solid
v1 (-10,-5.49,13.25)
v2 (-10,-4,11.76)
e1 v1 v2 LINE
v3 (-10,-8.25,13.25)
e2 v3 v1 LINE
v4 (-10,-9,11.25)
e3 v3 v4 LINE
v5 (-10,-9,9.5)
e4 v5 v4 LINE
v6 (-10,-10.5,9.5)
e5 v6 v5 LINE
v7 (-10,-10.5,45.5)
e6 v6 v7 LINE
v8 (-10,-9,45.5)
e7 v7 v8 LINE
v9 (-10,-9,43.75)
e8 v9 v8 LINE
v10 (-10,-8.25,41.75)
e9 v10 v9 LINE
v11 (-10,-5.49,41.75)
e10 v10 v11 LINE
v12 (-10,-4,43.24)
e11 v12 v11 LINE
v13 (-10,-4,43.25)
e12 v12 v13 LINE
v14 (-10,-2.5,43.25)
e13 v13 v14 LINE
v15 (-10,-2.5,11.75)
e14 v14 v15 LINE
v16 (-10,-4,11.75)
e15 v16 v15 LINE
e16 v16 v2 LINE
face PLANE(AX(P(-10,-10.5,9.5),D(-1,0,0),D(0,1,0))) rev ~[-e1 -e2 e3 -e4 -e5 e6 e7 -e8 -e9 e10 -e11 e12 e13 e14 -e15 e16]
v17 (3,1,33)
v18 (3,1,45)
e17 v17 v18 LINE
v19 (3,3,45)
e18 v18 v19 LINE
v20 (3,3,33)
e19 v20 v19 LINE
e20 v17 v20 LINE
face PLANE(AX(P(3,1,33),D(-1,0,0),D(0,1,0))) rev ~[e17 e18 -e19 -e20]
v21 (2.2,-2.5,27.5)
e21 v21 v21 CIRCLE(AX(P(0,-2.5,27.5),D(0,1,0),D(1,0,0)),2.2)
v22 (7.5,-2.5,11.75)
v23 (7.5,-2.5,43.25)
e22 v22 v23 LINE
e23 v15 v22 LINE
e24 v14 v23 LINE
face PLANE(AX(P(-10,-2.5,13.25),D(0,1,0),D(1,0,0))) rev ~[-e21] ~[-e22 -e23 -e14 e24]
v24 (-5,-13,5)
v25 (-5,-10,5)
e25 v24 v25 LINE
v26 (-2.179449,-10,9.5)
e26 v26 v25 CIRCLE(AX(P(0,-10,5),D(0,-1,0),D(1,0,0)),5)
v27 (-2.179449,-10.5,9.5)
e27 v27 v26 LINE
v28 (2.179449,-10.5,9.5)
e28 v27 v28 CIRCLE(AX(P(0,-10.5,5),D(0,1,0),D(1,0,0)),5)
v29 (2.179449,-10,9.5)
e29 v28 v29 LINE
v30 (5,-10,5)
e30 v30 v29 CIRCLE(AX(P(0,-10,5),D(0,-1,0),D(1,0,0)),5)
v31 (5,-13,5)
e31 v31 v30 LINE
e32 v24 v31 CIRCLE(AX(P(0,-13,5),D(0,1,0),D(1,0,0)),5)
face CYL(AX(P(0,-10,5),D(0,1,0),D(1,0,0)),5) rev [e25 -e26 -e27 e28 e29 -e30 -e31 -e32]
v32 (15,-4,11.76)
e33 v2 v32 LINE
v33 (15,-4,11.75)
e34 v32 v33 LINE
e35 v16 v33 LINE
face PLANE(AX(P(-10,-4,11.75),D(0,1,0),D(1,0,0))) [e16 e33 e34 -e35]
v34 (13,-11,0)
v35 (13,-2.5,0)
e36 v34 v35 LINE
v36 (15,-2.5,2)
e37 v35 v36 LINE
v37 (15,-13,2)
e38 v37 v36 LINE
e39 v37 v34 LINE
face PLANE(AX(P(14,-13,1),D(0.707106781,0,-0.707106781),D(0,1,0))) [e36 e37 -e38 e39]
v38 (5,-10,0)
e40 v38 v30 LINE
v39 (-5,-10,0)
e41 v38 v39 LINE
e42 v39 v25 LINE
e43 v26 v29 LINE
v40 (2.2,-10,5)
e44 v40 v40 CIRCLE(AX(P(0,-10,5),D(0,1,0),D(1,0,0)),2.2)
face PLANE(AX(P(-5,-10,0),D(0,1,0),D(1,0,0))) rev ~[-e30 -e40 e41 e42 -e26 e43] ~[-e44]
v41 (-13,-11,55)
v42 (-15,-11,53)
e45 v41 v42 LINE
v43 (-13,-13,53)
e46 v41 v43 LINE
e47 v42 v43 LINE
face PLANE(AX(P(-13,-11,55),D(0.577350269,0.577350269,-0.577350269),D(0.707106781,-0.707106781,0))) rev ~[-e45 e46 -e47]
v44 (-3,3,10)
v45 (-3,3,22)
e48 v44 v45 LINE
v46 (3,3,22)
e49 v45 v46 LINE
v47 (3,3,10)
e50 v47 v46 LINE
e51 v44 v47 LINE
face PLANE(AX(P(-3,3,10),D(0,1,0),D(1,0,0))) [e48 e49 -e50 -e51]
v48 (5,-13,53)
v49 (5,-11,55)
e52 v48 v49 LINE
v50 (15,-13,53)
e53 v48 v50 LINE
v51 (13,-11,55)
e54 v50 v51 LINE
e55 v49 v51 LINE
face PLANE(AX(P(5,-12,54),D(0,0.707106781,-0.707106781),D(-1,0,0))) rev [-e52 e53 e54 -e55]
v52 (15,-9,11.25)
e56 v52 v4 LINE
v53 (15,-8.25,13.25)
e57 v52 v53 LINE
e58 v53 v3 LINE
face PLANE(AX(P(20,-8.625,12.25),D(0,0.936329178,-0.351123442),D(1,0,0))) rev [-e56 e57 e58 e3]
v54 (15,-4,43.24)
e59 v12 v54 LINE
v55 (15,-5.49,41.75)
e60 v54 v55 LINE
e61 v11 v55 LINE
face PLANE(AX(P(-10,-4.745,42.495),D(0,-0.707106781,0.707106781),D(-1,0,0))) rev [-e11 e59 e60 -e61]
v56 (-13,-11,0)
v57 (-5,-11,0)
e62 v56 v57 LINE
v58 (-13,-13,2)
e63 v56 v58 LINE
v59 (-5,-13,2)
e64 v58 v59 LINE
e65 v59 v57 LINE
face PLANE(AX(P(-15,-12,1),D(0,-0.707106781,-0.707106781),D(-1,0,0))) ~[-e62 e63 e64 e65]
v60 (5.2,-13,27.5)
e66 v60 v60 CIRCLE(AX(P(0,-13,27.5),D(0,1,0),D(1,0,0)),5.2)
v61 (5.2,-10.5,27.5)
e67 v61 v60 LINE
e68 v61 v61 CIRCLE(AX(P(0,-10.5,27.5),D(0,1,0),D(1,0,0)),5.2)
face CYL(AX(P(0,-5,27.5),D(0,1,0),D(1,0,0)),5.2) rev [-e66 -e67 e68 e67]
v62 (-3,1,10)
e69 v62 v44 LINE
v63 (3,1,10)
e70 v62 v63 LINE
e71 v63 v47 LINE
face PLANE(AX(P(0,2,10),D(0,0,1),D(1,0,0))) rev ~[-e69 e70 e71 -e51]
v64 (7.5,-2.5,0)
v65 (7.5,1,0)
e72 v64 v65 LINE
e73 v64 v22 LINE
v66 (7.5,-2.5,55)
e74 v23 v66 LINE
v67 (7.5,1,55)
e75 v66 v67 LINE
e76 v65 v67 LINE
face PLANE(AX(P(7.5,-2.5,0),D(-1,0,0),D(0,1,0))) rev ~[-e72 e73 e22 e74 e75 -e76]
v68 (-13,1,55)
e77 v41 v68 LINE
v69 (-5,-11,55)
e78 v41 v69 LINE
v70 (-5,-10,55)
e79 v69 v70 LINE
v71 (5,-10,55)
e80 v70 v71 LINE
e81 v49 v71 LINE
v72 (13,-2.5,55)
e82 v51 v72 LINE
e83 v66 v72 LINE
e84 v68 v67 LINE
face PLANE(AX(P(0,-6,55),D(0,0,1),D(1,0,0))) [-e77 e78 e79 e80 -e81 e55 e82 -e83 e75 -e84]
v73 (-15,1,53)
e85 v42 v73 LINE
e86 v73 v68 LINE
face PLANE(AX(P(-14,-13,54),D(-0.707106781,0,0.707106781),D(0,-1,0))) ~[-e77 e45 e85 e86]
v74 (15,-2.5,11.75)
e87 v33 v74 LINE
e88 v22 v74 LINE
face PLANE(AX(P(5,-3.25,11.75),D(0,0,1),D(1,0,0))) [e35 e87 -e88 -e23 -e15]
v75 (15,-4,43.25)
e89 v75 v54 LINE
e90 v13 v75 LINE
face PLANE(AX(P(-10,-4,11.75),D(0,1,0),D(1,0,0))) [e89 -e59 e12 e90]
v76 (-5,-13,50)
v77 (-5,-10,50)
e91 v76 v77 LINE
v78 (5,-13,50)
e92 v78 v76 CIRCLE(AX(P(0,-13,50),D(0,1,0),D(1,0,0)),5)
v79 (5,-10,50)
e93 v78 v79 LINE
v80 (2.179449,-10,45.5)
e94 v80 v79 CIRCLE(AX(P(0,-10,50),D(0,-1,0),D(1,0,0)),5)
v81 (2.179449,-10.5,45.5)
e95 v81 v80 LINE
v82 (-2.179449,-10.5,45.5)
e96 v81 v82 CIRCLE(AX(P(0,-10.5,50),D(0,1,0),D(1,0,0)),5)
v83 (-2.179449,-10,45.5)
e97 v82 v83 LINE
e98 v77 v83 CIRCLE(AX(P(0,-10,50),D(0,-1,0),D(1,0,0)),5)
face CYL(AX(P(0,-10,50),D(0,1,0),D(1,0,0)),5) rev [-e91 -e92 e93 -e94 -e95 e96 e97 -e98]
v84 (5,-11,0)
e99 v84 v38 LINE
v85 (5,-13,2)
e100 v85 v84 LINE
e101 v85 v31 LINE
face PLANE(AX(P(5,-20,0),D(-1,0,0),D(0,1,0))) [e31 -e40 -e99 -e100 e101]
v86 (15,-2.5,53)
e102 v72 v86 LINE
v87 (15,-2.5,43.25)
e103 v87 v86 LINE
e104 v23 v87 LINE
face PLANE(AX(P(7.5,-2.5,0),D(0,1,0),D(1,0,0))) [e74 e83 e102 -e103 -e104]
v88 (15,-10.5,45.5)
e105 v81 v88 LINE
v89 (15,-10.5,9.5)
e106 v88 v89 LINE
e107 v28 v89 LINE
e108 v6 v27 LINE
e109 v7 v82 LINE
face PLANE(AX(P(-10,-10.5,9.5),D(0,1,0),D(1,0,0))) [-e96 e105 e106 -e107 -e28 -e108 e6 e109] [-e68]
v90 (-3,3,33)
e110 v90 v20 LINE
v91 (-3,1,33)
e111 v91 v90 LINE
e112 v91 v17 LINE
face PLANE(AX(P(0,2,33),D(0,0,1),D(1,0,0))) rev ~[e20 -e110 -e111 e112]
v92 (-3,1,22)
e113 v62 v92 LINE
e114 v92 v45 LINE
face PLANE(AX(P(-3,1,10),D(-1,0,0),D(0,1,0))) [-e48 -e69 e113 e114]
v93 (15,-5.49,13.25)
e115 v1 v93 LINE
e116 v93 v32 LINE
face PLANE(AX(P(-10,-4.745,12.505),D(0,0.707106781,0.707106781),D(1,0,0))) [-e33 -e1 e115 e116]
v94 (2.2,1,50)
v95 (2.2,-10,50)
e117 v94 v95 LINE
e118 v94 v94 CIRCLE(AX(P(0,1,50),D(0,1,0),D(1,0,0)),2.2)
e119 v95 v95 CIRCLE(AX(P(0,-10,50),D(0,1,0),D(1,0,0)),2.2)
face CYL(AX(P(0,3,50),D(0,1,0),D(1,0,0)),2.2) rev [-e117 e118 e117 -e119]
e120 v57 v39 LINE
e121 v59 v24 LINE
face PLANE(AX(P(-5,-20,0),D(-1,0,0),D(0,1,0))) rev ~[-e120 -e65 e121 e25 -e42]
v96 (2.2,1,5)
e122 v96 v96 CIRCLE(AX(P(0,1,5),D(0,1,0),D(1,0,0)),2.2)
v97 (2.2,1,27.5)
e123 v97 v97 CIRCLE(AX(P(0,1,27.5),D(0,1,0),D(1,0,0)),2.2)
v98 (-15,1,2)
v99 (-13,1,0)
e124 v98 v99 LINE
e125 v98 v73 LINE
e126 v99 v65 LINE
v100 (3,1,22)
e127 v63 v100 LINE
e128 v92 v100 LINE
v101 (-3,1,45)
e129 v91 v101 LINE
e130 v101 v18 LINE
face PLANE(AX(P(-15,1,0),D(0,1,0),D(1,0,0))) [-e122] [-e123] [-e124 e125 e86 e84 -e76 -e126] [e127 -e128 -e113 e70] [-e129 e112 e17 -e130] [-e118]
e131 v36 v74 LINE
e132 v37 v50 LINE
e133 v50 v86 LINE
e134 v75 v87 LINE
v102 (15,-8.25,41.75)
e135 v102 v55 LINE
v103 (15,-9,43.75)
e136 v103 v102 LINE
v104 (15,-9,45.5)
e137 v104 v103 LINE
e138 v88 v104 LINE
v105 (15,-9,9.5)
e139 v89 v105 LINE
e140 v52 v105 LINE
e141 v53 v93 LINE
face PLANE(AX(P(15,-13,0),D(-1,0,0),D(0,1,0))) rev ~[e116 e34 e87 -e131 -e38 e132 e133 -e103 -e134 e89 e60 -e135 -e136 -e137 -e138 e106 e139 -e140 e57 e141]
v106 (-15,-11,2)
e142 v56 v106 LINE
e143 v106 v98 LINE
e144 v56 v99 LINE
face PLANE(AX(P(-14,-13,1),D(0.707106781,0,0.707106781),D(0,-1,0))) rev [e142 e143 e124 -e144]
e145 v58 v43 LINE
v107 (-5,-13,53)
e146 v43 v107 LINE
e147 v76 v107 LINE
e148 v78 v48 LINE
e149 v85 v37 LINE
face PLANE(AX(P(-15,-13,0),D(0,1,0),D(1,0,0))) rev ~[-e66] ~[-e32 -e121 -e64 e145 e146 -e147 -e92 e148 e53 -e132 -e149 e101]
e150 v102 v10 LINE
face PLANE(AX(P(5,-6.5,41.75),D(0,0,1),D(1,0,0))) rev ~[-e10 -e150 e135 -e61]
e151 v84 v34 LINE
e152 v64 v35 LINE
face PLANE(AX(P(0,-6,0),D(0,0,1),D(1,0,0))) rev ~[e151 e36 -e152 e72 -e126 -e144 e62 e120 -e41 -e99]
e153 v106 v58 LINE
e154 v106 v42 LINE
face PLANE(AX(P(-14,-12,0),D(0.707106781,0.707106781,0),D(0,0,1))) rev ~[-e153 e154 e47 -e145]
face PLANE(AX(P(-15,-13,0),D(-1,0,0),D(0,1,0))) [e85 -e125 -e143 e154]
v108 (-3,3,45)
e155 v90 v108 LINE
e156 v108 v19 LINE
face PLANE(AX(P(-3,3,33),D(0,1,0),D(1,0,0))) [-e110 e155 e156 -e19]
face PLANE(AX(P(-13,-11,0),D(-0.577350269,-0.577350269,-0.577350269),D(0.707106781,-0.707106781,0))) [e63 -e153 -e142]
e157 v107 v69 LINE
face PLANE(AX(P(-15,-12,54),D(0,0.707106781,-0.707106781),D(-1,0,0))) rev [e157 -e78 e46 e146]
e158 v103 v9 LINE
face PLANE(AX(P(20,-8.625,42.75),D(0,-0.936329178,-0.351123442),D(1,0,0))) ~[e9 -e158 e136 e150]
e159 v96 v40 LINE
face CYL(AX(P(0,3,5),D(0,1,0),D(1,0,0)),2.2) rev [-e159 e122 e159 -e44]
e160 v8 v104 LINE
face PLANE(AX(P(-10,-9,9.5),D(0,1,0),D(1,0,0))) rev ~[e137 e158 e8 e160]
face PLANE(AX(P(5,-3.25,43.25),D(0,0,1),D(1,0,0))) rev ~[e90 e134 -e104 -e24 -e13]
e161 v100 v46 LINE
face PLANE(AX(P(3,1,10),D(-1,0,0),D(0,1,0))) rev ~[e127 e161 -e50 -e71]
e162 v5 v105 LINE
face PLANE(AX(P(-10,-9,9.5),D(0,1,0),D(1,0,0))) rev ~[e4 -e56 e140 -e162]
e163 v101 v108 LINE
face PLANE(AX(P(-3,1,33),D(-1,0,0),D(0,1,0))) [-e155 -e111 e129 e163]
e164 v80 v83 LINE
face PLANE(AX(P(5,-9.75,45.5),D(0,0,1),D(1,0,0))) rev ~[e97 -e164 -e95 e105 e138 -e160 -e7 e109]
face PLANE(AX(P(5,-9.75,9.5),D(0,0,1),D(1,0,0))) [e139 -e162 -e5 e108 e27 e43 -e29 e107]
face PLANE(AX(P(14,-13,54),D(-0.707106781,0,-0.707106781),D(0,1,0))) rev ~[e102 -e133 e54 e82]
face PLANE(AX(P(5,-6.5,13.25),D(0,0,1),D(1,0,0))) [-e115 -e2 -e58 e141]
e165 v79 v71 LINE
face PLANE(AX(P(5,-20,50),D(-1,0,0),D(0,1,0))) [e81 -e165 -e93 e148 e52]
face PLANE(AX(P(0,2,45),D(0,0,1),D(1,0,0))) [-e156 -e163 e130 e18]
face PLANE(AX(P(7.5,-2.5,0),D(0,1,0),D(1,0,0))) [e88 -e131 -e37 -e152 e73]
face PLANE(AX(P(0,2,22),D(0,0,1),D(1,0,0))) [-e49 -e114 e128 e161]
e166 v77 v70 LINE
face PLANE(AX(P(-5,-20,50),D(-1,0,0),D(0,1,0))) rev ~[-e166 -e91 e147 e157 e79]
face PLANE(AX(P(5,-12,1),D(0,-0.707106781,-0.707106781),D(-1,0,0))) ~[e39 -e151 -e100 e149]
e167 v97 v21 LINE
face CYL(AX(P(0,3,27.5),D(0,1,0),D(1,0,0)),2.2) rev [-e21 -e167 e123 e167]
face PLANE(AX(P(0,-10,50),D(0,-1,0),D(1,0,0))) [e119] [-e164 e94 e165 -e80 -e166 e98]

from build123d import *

# Parameters (mm, degrees)
BOX032_W              = 7.5
BOX032_H              = 3.5
BOX032_DEPTH          = 55
BOX028_W              = 30
BOX028_H              = 8
BOX028_DEPTH          = 28.5
BOX027_W              = 30
BOX027_H              = 1.5
BOX027_DEPTH          = 36
BOX033_W              = 30
BOX033_H              = 1.5
BOX033_DEPTH          = 31.5
CHAMFER022007_SIZE    = 1.49
CHAMFER022008_1_SIZE2 = 2
CHAMFER022008_1_SIZE  = 0.75
CHAMFER022008_2_SIZE2 = 2
CHAMFER022008_2_SIZE  = 0.75
BOX030_W              = 10
BOX030_H              = 10
BOX030_DEPTH          = 5
CYLINDER010_R         = 5
CYLINDER010_DEPTH     = 20
CYLINDER011_R         = 5
CYLINDER011_DEPTH     = 20
BOX031_W              = 10
BOX031_H              = 10
BOX031_DEPTH          = 5
CYLINDER014_R         = 2.2
CYLINDER014_DEPTH     = 20
CYLINDER013_R         = 2.2
CYLINDER013_DEPTH     = 20
CYLINDER012_R         = 2.2
CYLINDER012_DEPTH     = 21
CYLINDER009_R         = 5.2
CYLINDER009_DEPTH     = 21
BOX025_W              = 6
BOX025_H              = 2
BOX025_DEPTH          = 12
BOX029_W              = 6
BOX029_H              = 2
BOX029_DEPTH          = 12
BOX026_W              = 30
BOX026_H              = 14
BOX026_DEPTH          = 55
CHAMFER022009_SIZE    = 2


with BuildPart() as cube032:
    # Box032 → Box032 (new body)
    with BuildSketch(Plane(origin=(7.5, -2.5, 0), x_dir=(1, 0, 0), z_dir=(0, 0, 1))):
        with Locations((3.75, 1.75)):
            Rectangle(BOX032_W, BOX032_H)
    extrude(amount=BOX032_DEPTH)


with BuildPart() as cube028:
    # Box028 → Box028 (new body)
    with BuildSketch(Plane(origin=(-15, -10, 3.5), x_dir=(1, 0, 0), z_dir=(0, 0, 1))):
        with Locations((15, 4)):
            Rectangle(BOX028_W, BOX028_H)
    extrude(amount=BOX028_DEPTH)


with BuildPart() as cube027:
    # Box027 → Box027 (new body)
    with BuildSketch(Plane(origin=(-15, -10, -0.25), x_dir=(1, 0, 0), z_dir=(0, 0, 1))):
        with Locations((15, 0.75)):
            Rectangle(BOX027_W, BOX027_H)
    extrude(amount=BOX027_DEPTH)


with BuildPart() as chamfer022008:
    # Box033 → Box033 (new body)
    with BuildSketch(Plane(origin=(-15, -3.5, 2), x_dir=(1, 0, 0), z_dir=(0, 0, 1))):
        with Locations((15, 0.75)):
            Rectangle(BOX033_W, BOX033_H)
    extrude(amount=BOX033_DEPTH)

    # Fusion023: union Cube028, Cube027
    add(cube028.part)
    add(cube027.part)

    # Chamfer022007
    chamfer022007_edges = [chamfer022008.edges().sort_by_distance(p)[0] for p in [
        (0, -3.5, 3.5),
        (0, -3.5, 32),
    ]]
    chamfer(chamfer022007_edges, length=CHAMFER022007_SIZE)

    # Chamfer022008 1
    chamfer022008_1_edges = [chamfer022008.edges().sort_by_distance(p)[0] for p in [
        (0, -8.5, 3.5),
    ]]
    chamfer022008_1_side = chamfer022008.faces().sort_by_distance((0, -6.745, 3.5))[0]
    chamfer(chamfer022008_1_edges, length=CHAMFER022008_1_SIZE, length2=CHAMFER022008_1_SIZE2, reference=chamfer022008_1_side)

    # Chamfer022008 2
    chamfer022008_2_edges = [chamfer022008.edges().sort_by_distance(p)[0] for p in [
        (0, -8.5, 32),
    ]]
    chamfer022008_2_side = chamfer022008.faces().sort_by_distance((0, -6.745, 32))[0]
    chamfer(chamfer022008_2_edges, length=CHAMFER022008_2_SIZE, length2=CHAMFER022008_2_SIZE2, reference=chamfer022008_2_side)


with BuildPart() as chamfer022008_1:
    # Chamfer022008 placement: moved
    add(chamfer022008.part.moved(Location((5, -0.5, 9.75))))


with BuildPart() as cube030:
    # Box030 → Box030 (new body)
    with BuildSketch(Plane(origin=(-5, -20, 0), x_dir=(1, 0, 0), z_dir=(0, 0, 1))):
        with Locations((5, 5)):
            Rectangle(BOX030_W, BOX030_H)
    extrude(amount=BOX030_DEPTH)


with BuildPart() as cylinder010:
    # Cylinder010 → Cylinder010 (new body)
    with BuildSketch(Plane(origin=(0, 3, 5), x_dir=(1, 0, 0), z_dir=(0, -1, 0))):
        Circle(CYLINDER010_R)
    extrude(amount=CYLINDER010_DEPTH)


with BuildPart() as fusion016:
    # Cylinder011 → Cylinder011 (new body)
    with BuildSketch(Plane(origin=(0, 3, 50), x_dir=(1, 0, 0), z_dir=(0, -1, 0))):
        Circle(CYLINDER011_R)
    extrude(amount=CYLINDER011_DEPTH)

    # Fusion016: union Cylinder010
    add(cylinder010.part)


with BuildPart() as fusion016_1:
    # Fusion016 placement: moved
    add(fusion016.part.moved(Location((0, -13, 0))))


with BuildPart() as fusion017:
    # Box031 → Box031 (new body)
    with BuildSketch(Plane(origin=(-5, -20, 50), x_dir=(1, 0, 0), z_dir=(0, 0, 1))):
        with Locations((5, 5)):
            Rectangle(BOX031_W, BOX031_H)
    extrude(amount=BOX031_DEPTH)

    # Fusion017: union Cube030, Fusion016
    add(cube030.part)
    add(fusion016_1.part)


with BuildPart() as cylinder014:
    # Cylinder014 → Cylinder014 (new body)
    with BuildSketch(Plane(origin=(0, 3, 50), x_dir=(1, 0, 0), z_dir=(0, -1, 0))):
        Circle(CYLINDER014_R)
    extrude(amount=CYLINDER014_DEPTH)


with BuildPart() as cylinder013:
    # Cylinder013 → Cylinder013 (new body)
    with BuildSketch(Plane(origin=(0, 3, 5), x_dir=(1, 0, 0), z_dir=(0, -1, 0))):
        Circle(CYLINDER013_R)
    extrude(amount=CYLINDER013_DEPTH)


with BuildPart() as fusion014:
    # Cylinder012 → Cylinder012 (new body)
    with BuildSketch(Plane(origin=(0, 3, 27.5), x_dir=(1, 0, 0), z_dir=(0, -1, 0))):
        Circle(CYLINDER012_R)
    extrude(amount=CYLINDER012_DEPTH)

    # Fusion014: union Cylinder014, Cylinder013
    add(cylinder014.part)
    add(cylinder013.part)


with BuildPart() as fusion020:
    # Cylinder009 → Cylinder009 (new body)
    with BuildSketch(Plane(origin=(0, -5, 27.5), x_dir=(1, 0, 0), z_dir=(0, -1, 0))):
        Circle(CYLINDER009_R)
    extrude(amount=CYLINDER009_DEPTH)

    # Fusion020: union Fusion017, Fusion014
    add(fusion017.part)
    add(fusion014.part)


with BuildPart() as cube025:
    # Box025 → Box025 (new body)
    with BuildSketch(Plane(origin=(-3, 1, 10), x_dir=(1, 0, 0), z_dir=(0, 0, 1))):
        with Locations((3, 1)):
            Rectangle(BOX025_W, BOX025_H)
    extrude(amount=BOX025_DEPTH)


with BuildPart() as fusion021:
    # Box029 → Box029 (new body)
    with BuildSketch(Plane(origin=(-3, 1, 33), x_dir=(1, 0, 0), z_dir=(0, 0, 1))):
        with Locations((3, 1)):
            Rectangle(BOX029_W, BOX029_H)
    extrude(amount=BOX029_DEPTH)

    # Fusion021: union Cube025
    add(cube025.part)


with BuildPart() as chamfer022009:
    # Box026 → Box026 (new body)
    with BuildSketch(Plane(origin=(-15, -13, 0), x_dir=(1, 0, 0), z_dir=(0, 0, 1))):
        with Locations((15, 7)):
            Rectangle(BOX026_W, BOX026_H)
    extrude(amount=BOX026_DEPTH)

    # Fusion022: union Fusion021
    add(fusion021.part)

    # Cut024002: cut Fusion020
    add(fusion020.part, mode=Mode.SUBTRACT)

    # Cut024003: cut Chamfer022008
    add(chamfer022008_1.part, mode=Mode.SUBTRACT)

    # Cut024004: cut Cube032
    add(cube032.part, mode=Mode.SUBTRACT)

    # Chamfer022009
    chamfer022009_edges = [chamfer022009.edges().sort_by_distance(p)[0] for p in [
        (-15, -13, 27.5),
        (-15, -6, 55),
        (-15, -6, 0),
        (-10, -13, 0),
        (10, -13, 0),
        (10, -13, 55),
        (-10, -13, 55),
        (15, -7.75, 55),
        (15, -7.75, 0),
    ]]
    chamfer(chamfer022009_edges, length=CHAMFER022009_SIZE)


solid = chamfer022009.part
